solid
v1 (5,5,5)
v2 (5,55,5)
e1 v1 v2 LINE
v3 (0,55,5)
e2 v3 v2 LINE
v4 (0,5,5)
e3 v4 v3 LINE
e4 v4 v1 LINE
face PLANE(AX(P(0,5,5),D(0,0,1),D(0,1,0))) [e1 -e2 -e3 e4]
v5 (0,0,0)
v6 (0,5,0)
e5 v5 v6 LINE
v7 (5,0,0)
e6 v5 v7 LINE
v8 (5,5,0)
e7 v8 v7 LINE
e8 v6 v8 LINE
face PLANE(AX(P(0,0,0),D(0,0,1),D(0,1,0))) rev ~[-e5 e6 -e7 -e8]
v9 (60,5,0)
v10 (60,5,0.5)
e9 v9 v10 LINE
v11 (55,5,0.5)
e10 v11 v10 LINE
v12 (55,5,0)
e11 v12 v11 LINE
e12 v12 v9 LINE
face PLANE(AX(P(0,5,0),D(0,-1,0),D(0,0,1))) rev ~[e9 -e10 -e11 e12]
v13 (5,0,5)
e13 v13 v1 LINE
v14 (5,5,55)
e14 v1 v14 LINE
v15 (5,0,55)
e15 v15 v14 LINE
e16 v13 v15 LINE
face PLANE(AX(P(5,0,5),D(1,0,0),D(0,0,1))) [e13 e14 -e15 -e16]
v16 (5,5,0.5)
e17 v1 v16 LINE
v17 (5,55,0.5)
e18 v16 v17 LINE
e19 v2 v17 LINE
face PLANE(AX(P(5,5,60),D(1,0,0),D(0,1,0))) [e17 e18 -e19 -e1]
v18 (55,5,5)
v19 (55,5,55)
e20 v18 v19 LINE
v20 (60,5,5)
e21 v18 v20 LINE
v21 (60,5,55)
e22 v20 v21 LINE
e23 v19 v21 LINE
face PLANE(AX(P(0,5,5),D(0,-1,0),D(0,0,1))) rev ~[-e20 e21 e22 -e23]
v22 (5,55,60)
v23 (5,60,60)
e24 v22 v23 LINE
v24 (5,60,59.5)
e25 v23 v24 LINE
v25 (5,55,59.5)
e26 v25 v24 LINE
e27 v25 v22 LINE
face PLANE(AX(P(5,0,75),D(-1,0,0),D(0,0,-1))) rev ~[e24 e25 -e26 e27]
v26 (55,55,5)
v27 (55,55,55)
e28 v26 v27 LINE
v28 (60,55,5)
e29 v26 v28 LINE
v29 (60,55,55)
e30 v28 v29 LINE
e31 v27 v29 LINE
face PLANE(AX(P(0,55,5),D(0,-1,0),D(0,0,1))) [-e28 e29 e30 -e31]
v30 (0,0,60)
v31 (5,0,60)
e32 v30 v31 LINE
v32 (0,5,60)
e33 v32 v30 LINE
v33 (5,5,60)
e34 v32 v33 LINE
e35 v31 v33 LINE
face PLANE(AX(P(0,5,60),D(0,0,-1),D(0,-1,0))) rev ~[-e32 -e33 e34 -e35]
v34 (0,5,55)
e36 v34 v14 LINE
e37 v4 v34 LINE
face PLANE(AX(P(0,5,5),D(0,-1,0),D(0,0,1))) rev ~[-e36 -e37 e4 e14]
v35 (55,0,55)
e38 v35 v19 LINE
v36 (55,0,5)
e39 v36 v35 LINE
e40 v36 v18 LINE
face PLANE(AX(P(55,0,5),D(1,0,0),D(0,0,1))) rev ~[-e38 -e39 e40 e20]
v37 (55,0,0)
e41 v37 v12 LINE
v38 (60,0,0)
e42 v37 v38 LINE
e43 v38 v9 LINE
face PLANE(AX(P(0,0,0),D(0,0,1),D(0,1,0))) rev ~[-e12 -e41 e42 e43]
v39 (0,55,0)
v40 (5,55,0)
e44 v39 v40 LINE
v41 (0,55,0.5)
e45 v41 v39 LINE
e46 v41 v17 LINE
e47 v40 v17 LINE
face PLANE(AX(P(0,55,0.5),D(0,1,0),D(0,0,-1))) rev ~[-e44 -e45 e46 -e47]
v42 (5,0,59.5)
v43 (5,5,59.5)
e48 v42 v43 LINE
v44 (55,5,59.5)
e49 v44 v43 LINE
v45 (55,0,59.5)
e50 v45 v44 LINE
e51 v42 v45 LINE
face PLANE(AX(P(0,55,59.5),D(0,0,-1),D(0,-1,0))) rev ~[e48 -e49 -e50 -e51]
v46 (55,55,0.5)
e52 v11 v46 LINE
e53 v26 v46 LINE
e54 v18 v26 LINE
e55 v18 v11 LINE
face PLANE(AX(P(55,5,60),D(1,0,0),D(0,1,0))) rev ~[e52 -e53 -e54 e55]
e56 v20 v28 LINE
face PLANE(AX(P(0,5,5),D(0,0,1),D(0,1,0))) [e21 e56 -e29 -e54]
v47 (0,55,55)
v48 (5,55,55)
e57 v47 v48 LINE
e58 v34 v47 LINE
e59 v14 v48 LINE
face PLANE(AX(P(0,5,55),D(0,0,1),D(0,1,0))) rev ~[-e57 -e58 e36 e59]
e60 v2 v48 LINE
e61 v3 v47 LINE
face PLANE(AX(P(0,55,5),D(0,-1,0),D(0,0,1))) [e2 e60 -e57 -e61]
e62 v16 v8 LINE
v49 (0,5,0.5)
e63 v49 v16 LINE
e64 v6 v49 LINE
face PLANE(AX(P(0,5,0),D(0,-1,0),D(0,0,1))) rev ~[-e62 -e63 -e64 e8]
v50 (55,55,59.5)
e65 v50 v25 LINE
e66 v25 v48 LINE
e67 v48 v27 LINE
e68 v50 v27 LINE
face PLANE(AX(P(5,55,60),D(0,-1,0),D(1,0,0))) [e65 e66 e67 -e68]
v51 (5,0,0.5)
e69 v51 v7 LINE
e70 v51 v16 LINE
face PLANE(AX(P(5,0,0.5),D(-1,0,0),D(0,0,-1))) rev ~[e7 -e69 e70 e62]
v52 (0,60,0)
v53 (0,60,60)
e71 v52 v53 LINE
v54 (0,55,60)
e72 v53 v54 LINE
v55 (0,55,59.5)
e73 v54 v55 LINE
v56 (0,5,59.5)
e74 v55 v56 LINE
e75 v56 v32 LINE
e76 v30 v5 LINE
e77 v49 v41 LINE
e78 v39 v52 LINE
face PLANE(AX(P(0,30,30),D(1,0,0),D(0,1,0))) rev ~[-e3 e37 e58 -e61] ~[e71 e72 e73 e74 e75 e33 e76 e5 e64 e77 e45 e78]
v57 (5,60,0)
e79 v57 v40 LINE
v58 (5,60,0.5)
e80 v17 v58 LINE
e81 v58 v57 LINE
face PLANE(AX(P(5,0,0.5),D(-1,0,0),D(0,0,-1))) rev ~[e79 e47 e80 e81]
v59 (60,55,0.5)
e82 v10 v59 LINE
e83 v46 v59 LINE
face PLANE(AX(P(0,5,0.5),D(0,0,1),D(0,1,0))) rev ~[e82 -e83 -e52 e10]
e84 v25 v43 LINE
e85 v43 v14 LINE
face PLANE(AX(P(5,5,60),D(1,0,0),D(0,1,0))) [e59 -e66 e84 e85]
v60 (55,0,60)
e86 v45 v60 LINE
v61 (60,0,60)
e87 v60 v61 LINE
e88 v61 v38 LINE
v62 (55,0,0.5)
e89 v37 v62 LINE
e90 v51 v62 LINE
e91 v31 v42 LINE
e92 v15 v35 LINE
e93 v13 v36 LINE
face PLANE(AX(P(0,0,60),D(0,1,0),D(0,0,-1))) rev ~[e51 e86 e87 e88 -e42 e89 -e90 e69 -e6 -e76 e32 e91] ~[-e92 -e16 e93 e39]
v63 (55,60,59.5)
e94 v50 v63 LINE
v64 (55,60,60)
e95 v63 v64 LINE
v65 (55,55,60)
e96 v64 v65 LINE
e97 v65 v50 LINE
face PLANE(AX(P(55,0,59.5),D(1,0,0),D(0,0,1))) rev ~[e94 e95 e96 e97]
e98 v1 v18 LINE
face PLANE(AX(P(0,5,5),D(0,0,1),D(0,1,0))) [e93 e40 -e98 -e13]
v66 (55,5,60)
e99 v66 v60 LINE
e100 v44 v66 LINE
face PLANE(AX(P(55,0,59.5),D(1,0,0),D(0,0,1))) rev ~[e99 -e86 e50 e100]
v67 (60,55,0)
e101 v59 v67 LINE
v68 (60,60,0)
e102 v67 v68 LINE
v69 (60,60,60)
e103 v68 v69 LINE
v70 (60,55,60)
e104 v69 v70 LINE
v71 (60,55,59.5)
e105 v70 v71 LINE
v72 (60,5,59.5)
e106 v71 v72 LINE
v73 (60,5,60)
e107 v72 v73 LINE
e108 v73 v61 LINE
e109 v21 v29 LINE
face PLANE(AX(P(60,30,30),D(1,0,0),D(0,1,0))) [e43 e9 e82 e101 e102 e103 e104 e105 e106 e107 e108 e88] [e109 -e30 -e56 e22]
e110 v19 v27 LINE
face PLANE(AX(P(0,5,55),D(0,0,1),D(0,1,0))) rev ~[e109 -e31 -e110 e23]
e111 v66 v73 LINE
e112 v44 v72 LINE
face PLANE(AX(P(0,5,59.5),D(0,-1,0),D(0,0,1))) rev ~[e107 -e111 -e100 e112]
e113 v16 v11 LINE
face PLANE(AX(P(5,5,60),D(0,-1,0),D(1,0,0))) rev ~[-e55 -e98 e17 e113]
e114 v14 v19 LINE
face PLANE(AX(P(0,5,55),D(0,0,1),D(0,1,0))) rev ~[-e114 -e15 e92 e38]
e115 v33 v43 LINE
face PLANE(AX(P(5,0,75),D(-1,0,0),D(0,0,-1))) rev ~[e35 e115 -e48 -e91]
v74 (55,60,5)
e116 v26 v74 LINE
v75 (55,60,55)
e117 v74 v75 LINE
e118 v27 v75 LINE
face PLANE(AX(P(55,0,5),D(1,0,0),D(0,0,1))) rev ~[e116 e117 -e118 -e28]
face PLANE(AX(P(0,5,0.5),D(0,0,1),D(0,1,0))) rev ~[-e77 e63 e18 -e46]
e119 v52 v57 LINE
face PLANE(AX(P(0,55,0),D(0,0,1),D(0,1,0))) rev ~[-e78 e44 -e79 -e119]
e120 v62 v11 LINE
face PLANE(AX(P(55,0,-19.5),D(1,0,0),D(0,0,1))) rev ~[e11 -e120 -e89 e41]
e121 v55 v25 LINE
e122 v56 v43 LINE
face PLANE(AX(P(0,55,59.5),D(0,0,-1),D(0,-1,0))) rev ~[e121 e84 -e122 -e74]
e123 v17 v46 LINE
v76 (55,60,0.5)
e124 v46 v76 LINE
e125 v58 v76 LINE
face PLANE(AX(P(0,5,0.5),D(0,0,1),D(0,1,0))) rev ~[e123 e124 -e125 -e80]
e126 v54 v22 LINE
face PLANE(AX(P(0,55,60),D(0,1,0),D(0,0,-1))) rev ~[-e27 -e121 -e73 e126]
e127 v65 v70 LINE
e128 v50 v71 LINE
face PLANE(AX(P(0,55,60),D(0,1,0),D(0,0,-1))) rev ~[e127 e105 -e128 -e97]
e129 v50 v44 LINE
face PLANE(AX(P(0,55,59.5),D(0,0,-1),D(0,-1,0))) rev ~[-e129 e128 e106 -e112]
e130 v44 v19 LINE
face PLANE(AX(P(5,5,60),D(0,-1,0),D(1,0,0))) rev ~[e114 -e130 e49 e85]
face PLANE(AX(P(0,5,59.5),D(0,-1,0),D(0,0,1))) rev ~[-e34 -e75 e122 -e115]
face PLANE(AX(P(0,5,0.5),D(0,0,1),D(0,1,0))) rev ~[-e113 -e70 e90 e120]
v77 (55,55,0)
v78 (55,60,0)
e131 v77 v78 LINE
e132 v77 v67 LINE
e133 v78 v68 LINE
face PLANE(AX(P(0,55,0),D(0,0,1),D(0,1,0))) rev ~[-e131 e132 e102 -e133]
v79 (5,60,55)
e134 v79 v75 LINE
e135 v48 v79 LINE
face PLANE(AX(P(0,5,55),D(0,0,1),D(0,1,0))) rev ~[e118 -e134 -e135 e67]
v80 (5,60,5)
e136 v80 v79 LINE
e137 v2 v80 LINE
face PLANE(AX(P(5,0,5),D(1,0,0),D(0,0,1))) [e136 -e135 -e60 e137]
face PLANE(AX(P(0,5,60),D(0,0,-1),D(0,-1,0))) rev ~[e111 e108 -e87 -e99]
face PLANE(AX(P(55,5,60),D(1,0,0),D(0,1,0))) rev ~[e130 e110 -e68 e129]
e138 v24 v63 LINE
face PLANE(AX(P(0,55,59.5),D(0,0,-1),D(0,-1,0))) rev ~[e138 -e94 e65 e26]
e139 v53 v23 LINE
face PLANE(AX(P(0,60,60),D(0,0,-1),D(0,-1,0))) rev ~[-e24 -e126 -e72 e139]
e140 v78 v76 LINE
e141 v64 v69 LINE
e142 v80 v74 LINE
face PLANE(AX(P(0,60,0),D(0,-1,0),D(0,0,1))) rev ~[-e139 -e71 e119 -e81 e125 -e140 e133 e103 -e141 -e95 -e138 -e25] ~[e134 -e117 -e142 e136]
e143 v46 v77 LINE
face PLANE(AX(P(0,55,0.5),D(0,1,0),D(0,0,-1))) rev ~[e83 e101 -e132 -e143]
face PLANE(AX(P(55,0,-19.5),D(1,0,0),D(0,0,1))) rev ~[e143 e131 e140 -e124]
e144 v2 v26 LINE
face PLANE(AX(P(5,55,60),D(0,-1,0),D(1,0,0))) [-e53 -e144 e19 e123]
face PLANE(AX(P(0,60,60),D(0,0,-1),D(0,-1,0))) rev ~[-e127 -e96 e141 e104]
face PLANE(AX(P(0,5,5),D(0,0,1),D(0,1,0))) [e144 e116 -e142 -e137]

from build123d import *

# Parameters (mm, degrees)
F0_W     = 50
F0_H     = 50
F1_DEPTH = 60
F3_DEPTH = 60
F2_W     = 50
F2_H     = 50
F2_H_2   = 19.5
F2_H_3   = 0.5
F2_H_4   = 15
F4_DEPTH = 60
F6_W     = 50
F6_H     = 50
F7_DEPTH = 60


with BuildPart() as f1:
    # F0 (on Right) → F1 (new body)
    with BuildSketch(Plane.YZ):
        Polygon((55, 59.5), (5, 59.5), (5, 60), (0, 60), (0, 0), (5, 0), (5, 0.5), (55, 0.5), (55, 0), (60, 0), (60, 60), (55, 60), align=None)
        with Locations((30, 30)):
            Rectangle(F0_W, F0_H, mode=Mode.SUBTRACT)
    extrude(amount=F1_DEPTH)

    # F0 (on Right) → F3 (join)
    with BuildSketch(Plane.YZ):
        Polygon((55, 59.5), (5, 59.5), (5, 60), (0, 60), (0, 0), (5, 0), (5, 0.5), (55, 0.5), (55, 0), (60, 0), (60, 60), (55, 60), align=None)
        with Locations((30, 30)):
            Rectangle(F0_W, F0_H, mode=Mode.SUBTRACT)
    extrude(amount=F3_DEPTH)

    # F2 (on face) → F4 (cut)
    with BuildSketch(Plane.XZ):
        with Locations((30, 30)):
            Rectangle(F2_W, F2_H)
        with Locations((30, -9.75)):
            Rectangle(F2_W, F2_H_2)
        with Locations((30, 59.75)):
            Rectangle(F2_W, F2_H_3)
        with Locations((30, 0.25)):
            Rectangle(F2_W, F2_H_3)
        with Locations((30, 67.5)):
            Rectangle(F2_W, F2_H_4)
    extrude(amount=-F4_DEPTH, mode=Mode.SUBTRACT)

    # F6 (on offset) → F7 (cut)
    with BuildSketch(Plane.XY.offset(60)):
        with Locations((30, 30)):
            Rectangle(F6_W, F6_H)
    extrude(amount=-F7_DEPTH, mode=Mode.SUBTRACT)


solid = f1.part
